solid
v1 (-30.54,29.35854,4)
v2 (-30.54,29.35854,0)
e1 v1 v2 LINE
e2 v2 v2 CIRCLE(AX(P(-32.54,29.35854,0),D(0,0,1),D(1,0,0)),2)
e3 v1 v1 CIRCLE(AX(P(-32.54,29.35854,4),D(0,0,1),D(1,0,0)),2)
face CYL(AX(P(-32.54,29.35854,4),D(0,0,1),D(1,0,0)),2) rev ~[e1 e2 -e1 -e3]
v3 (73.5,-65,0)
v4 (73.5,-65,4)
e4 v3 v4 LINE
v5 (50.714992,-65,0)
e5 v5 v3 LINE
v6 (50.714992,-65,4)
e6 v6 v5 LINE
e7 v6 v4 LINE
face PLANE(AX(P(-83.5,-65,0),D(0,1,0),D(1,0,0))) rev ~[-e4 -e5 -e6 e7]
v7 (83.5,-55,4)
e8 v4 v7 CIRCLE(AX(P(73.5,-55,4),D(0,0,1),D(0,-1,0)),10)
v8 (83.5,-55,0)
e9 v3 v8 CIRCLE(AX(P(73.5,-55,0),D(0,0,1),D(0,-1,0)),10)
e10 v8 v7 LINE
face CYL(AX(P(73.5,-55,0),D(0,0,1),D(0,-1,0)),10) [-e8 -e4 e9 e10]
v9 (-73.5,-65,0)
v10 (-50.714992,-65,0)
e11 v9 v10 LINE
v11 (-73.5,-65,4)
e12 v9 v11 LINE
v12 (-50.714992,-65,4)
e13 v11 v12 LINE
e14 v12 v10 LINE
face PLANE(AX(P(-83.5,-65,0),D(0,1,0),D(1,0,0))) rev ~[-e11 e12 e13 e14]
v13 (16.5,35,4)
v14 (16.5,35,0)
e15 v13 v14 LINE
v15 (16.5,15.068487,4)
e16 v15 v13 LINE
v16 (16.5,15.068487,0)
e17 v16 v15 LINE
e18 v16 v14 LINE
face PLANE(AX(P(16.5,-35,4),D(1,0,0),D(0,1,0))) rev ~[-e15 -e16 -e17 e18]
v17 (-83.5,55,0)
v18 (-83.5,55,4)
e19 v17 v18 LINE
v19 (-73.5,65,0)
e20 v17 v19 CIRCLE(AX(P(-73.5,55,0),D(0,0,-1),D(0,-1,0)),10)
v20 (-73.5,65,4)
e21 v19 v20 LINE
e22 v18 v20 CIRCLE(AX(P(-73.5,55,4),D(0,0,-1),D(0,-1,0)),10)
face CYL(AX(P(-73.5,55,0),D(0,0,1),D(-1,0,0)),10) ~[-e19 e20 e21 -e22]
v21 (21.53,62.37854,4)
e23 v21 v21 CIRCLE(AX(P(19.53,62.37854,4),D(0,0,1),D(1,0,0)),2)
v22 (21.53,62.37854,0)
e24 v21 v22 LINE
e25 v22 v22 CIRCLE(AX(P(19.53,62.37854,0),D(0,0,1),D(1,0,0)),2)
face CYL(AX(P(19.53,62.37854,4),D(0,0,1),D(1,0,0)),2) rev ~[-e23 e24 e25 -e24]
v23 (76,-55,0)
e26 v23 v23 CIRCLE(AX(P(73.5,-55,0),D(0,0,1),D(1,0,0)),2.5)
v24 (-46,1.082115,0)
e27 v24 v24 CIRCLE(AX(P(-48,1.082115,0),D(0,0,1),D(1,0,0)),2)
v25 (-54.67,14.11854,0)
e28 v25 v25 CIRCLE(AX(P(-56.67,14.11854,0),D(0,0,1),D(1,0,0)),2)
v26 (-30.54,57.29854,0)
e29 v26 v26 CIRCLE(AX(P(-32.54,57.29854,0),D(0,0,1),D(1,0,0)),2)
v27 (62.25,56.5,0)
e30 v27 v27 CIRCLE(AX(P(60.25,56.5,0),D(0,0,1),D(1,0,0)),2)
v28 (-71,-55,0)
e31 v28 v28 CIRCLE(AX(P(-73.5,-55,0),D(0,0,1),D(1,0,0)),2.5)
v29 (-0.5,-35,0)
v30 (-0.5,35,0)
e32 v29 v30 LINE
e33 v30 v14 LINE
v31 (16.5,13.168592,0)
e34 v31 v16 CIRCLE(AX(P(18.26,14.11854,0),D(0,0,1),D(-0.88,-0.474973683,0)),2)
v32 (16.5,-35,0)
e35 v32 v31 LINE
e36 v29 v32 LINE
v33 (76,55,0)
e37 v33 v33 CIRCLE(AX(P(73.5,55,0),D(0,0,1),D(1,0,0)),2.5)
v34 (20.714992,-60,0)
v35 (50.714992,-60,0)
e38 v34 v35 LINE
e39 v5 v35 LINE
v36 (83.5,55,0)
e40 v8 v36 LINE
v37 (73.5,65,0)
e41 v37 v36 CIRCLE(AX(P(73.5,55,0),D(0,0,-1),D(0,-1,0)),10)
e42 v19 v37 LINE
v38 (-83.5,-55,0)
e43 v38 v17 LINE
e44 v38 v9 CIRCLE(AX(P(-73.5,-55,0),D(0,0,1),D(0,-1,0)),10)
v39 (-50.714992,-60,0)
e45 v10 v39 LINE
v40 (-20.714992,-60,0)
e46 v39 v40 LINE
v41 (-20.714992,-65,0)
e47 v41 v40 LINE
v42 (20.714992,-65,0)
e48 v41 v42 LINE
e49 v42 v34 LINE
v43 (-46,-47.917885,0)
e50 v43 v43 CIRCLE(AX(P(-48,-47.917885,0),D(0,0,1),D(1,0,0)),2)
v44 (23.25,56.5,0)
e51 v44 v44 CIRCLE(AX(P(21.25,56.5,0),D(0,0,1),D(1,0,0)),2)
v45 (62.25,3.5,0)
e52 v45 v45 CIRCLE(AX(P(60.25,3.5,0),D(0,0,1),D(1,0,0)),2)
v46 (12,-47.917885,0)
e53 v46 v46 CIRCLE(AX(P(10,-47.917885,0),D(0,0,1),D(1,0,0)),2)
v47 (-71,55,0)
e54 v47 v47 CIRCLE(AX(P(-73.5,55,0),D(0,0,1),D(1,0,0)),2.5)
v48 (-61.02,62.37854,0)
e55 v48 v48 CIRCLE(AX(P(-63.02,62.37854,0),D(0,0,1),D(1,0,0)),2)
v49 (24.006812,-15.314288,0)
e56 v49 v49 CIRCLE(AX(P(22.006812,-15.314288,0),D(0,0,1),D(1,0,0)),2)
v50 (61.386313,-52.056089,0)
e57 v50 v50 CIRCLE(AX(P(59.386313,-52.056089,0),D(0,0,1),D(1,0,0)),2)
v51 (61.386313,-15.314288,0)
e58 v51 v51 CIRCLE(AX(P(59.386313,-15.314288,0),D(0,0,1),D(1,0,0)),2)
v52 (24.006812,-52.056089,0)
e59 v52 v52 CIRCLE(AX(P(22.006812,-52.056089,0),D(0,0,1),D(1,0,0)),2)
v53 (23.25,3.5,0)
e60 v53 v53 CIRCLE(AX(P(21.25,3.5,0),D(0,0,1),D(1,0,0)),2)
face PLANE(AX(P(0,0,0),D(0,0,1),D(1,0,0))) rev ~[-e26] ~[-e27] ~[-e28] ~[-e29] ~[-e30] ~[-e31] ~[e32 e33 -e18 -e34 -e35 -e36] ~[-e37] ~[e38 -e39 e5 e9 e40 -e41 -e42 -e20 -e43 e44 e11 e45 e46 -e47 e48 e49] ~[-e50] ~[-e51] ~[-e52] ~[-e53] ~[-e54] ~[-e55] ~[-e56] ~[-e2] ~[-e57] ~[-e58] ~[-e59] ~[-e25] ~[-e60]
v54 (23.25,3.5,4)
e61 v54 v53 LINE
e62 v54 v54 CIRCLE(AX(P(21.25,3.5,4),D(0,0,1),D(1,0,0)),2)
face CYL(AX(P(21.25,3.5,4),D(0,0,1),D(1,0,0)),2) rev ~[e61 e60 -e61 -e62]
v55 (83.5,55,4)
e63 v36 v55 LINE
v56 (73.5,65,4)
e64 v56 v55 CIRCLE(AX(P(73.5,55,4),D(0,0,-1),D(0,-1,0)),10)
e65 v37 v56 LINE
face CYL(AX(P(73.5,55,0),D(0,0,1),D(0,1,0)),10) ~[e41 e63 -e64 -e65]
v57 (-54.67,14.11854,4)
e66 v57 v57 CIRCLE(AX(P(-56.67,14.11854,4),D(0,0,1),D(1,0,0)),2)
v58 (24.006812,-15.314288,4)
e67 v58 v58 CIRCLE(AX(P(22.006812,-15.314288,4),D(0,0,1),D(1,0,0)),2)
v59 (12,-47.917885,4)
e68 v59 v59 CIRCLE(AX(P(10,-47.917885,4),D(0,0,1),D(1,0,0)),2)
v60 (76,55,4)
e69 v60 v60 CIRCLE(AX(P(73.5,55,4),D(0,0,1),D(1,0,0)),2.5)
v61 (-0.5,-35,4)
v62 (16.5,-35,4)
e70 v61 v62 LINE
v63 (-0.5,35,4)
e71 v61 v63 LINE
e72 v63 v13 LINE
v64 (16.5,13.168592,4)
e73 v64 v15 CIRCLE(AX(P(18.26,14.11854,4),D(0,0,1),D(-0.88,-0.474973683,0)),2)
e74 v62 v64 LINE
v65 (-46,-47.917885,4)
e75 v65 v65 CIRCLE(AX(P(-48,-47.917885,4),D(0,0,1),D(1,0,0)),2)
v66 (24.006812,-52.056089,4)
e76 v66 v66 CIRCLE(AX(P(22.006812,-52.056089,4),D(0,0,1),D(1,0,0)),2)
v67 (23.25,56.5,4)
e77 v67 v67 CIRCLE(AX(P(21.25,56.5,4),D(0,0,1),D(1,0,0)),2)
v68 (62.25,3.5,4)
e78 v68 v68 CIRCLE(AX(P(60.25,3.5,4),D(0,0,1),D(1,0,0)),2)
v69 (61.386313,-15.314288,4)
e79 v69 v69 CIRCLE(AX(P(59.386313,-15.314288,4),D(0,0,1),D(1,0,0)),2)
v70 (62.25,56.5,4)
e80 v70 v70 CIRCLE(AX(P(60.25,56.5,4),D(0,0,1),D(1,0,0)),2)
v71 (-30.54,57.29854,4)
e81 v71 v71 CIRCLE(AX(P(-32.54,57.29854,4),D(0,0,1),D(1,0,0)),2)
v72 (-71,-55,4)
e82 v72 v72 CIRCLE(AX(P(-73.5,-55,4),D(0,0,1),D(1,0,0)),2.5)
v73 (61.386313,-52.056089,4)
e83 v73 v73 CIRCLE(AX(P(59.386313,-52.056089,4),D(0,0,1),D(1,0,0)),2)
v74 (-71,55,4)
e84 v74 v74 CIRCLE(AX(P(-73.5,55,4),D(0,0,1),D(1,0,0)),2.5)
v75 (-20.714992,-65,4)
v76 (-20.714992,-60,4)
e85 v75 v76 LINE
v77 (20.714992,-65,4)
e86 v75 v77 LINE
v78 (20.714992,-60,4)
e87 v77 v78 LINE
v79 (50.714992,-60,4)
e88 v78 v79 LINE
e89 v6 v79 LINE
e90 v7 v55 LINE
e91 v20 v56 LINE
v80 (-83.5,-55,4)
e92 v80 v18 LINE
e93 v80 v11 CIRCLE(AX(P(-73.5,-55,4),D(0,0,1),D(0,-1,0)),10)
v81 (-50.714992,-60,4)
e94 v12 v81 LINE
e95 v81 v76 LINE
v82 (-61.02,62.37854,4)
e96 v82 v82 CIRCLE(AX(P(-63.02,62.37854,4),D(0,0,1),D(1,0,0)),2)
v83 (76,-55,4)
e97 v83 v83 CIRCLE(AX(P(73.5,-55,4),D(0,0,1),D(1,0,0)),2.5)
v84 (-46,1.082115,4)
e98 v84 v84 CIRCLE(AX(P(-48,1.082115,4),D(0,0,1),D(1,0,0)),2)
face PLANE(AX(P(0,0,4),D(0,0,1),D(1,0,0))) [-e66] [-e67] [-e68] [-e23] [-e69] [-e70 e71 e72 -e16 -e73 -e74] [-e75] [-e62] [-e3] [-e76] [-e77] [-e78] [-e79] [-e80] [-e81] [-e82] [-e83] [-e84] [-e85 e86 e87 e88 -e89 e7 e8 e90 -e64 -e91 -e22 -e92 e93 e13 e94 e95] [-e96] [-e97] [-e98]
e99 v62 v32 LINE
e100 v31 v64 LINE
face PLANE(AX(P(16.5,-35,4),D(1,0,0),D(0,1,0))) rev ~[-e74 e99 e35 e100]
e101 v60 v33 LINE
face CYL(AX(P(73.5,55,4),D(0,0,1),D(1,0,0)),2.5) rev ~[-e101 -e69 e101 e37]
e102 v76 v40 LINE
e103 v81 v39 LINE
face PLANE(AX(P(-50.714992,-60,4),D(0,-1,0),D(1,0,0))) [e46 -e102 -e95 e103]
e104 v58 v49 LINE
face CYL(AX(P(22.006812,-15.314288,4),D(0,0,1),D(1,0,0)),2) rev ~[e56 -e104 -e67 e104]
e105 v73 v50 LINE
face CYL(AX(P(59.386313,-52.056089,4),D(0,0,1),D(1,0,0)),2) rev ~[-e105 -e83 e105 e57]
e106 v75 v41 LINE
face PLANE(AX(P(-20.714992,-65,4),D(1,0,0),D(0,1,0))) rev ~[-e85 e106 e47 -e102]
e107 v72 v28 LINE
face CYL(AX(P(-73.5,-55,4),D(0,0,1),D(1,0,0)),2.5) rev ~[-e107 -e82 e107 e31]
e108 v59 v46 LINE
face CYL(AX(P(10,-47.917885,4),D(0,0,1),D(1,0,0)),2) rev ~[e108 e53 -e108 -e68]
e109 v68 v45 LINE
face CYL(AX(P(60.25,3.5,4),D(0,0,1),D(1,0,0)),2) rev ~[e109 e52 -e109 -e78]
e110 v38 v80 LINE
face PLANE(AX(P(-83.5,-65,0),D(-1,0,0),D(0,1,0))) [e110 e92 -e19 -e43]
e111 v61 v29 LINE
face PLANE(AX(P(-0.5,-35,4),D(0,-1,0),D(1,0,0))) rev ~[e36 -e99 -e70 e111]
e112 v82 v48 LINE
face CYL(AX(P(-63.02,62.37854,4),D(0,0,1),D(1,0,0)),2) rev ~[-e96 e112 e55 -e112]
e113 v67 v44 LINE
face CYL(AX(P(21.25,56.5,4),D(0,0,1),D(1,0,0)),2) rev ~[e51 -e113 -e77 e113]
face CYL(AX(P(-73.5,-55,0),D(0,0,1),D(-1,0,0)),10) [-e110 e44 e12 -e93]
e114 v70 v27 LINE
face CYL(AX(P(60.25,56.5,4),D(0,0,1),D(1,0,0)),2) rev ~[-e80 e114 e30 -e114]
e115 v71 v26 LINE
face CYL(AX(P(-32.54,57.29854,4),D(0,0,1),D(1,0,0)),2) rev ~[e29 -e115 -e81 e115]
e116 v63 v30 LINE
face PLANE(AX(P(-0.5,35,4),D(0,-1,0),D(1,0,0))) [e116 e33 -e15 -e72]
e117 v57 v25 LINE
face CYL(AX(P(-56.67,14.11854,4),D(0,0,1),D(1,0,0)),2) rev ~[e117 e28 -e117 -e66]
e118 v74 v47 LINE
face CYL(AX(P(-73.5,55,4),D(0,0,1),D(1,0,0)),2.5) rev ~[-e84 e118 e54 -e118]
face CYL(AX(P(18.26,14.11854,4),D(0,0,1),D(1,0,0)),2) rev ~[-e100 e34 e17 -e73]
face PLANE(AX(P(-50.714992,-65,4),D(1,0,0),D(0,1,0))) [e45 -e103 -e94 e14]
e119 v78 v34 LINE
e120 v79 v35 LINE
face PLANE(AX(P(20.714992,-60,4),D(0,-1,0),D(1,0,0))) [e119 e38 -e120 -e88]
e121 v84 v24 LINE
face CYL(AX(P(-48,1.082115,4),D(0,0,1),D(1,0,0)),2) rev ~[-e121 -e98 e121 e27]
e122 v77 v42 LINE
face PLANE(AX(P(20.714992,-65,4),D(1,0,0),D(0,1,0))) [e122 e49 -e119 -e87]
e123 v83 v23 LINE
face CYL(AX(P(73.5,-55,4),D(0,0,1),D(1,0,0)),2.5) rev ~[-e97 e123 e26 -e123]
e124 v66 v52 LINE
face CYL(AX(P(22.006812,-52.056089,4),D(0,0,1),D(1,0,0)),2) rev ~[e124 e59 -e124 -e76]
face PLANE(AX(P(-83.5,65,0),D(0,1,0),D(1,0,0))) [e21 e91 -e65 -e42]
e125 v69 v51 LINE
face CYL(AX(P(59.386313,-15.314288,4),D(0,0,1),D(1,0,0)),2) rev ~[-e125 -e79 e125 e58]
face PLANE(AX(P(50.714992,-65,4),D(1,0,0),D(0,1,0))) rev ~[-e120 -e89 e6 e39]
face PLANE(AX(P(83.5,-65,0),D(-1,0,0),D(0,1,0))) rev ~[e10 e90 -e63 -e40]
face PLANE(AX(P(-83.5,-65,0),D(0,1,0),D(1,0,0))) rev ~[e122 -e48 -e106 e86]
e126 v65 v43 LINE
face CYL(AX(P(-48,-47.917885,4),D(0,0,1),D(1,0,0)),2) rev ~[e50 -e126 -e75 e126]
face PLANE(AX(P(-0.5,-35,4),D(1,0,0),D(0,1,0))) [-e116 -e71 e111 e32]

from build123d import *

# Parameters (mm, degrees)
SKETCH1_W           = 167
SKETCH1_H           = 130
BOSS_EXTRUDE1_DEPTH = 4
FILLET1_R           = 10
FILLET2_R           = 10
SKETCH5_R           = 2.5
CUT_EXTRUDE4_DEPTH  = 70
SKETCH6_W           = 30
SKETCH6_H           = 5
CUT_EXTRUDE5_DEPTH  = 10
SKETCH7_R           = 2
CUT_EXTRUDE6_DEPTH  = 106.892634305
SKETCH8_R           = 2
CUT_EXTRUDE7_DEPTH  = 106.892634305
SKETCH9_W           = 17
SKETCH9_H           = 70
CUT_EXTRUDE8_DEPTH  = 106.892634305
SKETCH10_R          = 2
CUT_EXTRUDE9_DEPTH  = 106.892634305
SKETCH11_R          = 2
CUT_EXTRUDE10_DEPTH = 106.892634305


with BuildPart() as part:
    # Sketch1 → Boss-Extrude1 (new body)
    with BuildSketch(Plane.XY):
        Rectangle(SKETCH1_W, SKETCH1_H)
    extrude(amount=BOSS_EXTRUDE1_DEPTH)

    # Fillet1
    fillet1_edges = [part.edges().sort_by_distance(p)[0] for p in [
        (-83.5, -65, 2),
        (-83.5, 65, 2),
    ]]
    fillet(fillet1_edges, radius=FILLET1_R)

    # Fillet2
    fillet2_edges = [part.edges().sort_by_distance(p)[0] for p in [
        (83.5, -65, 2),
        (83.5, 65, 2),
    ]]
    fillet(fillet2_edges, radius=FILLET2_R)

    # Sketch5 → Cut-Extrude4 (cut)
    with BuildSketch(Plane.XY.offset(4)):
        with Locations((-73.5, 55)):
            Circle(SKETCH5_R)
        with Locations((73.5, 55)):
            Circle(SKETCH5_R)
        with Locations((-73.5, -55)):
            Circle(SKETCH5_R)
        with Locations((73.5, -55)):
            Circle(SKETCH5_R)
    extrude(amount=-CUT_EXTRUDE4_DEPTH, mode=Mode.SUBTRACT)

    # Sketch6 → Cut-Extrude5 (cut)
    with BuildSketch(Plane.XY.offset(4)):
        with Locations((-35.714992286, -62.5)):
            Rectangle(SKETCH6_W, SKETCH6_H)
        with Locations((35.714992286, -62.5)):
            Rectangle(SKETCH6_W, SKETCH6_H)
    extrude(amount=-CUT_EXTRUDE5_DEPTH, mode=Mode.SUBTRACT)

    # Sketch7 → Cut-Extrude6 (cut, through all)
    with BuildSketch(Plane.XY.offset(4)):
        with Locations((22.006812394, -15.314288265)):
            Circle(SKETCH7_R)
        with Locations((59.386313266, -15.314288265)):
            Circle(SKETCH7_R)
        with Locations((59.386313266, -52.056088589)):
            Circle(SKETCH7_R)
        with Locations((22.006812394, -52.056088589)):
            Circle(SKETCH7_R)
    extrude(amount=-CUT_EXTRUDE6_DEPTH, mode=Mode.SUBTRACT)

    # Sketch8 → Cut-Extrude7 (cut, through all)
    with BuildSketch(Plane.XY.offset(4)):
        with Locations((21.25, 56.5)):
            Circle(SKETCH8_R)
        with Locations((60.25, 56.5)):
            Circle(SKETCH8_R)
        with Locations((60.25, 3.5)):
            Circle(SKETCH8_R)
        with Locations((21.25, 3.5)):
            Circle(SKETCH8_R)
    extrude(amount=-CUT_EXTRUDE7_DEPTH, mode=Mode.SUBTRACT)

    # Sketch9 → Cut-Extrude8 (cut, through all)
    with BuildSketch(Plane.XY.offset(4)):
        with Locations((8, 0)):
            Rectangle(SKETCH9_W, SKETCH9_H)
    extrude(amount=-CUT_EXTRUDE8_DEPTH, mode=Mode.SUBTRACT)

    # Sketch10 → Cut-Extrude9 (cut, through all)
    with BuildSketch(Plane.XY.offset(4)):
        with Locations((-48, 1.082115111)):
            Circle(SKETCH10_R)
        with Locations((10, -47.917884889)):
            Circle(SKETCH10_R)
        with Locations((-48, -47.917884889)):
            Circle(SKETCH10_R)
        with Locations((10, 1.082115111)):
            Circle(SKETCH10_R)
    extrude(amount=-CUT_EXTRUDE9_DEPTH, mode=Mode.SUBTRACT)

    # Sketch11 → Cut-Extrude10 (cut, through all)
    with BuildSketch(Plane.XY.offset(4)):
        with Locations((-63.02, 62.378539804)):
            Circle(SKETCH11_R)
        with Locations((-32.54, 57.298539804)):
            Circle(SKETCH11_R)
        with Locations((-32.54, 29.358539804)):
            Circle(SKETCH11_R)
        with Locations((19.53, 62.378539804)):
            Circle(SKETCH11_R)
        with Locations((18.26, 14.118539804)):
            Circle(SKETCH11_R)
        with Locations((-56.67, 14.118539804)):
            Circle(SKETCH11_R)
    extrude(amount=-CUT_EXTRUDE10_DEPTH, mode=Mode.SUBTRACT)


solid = part.part
